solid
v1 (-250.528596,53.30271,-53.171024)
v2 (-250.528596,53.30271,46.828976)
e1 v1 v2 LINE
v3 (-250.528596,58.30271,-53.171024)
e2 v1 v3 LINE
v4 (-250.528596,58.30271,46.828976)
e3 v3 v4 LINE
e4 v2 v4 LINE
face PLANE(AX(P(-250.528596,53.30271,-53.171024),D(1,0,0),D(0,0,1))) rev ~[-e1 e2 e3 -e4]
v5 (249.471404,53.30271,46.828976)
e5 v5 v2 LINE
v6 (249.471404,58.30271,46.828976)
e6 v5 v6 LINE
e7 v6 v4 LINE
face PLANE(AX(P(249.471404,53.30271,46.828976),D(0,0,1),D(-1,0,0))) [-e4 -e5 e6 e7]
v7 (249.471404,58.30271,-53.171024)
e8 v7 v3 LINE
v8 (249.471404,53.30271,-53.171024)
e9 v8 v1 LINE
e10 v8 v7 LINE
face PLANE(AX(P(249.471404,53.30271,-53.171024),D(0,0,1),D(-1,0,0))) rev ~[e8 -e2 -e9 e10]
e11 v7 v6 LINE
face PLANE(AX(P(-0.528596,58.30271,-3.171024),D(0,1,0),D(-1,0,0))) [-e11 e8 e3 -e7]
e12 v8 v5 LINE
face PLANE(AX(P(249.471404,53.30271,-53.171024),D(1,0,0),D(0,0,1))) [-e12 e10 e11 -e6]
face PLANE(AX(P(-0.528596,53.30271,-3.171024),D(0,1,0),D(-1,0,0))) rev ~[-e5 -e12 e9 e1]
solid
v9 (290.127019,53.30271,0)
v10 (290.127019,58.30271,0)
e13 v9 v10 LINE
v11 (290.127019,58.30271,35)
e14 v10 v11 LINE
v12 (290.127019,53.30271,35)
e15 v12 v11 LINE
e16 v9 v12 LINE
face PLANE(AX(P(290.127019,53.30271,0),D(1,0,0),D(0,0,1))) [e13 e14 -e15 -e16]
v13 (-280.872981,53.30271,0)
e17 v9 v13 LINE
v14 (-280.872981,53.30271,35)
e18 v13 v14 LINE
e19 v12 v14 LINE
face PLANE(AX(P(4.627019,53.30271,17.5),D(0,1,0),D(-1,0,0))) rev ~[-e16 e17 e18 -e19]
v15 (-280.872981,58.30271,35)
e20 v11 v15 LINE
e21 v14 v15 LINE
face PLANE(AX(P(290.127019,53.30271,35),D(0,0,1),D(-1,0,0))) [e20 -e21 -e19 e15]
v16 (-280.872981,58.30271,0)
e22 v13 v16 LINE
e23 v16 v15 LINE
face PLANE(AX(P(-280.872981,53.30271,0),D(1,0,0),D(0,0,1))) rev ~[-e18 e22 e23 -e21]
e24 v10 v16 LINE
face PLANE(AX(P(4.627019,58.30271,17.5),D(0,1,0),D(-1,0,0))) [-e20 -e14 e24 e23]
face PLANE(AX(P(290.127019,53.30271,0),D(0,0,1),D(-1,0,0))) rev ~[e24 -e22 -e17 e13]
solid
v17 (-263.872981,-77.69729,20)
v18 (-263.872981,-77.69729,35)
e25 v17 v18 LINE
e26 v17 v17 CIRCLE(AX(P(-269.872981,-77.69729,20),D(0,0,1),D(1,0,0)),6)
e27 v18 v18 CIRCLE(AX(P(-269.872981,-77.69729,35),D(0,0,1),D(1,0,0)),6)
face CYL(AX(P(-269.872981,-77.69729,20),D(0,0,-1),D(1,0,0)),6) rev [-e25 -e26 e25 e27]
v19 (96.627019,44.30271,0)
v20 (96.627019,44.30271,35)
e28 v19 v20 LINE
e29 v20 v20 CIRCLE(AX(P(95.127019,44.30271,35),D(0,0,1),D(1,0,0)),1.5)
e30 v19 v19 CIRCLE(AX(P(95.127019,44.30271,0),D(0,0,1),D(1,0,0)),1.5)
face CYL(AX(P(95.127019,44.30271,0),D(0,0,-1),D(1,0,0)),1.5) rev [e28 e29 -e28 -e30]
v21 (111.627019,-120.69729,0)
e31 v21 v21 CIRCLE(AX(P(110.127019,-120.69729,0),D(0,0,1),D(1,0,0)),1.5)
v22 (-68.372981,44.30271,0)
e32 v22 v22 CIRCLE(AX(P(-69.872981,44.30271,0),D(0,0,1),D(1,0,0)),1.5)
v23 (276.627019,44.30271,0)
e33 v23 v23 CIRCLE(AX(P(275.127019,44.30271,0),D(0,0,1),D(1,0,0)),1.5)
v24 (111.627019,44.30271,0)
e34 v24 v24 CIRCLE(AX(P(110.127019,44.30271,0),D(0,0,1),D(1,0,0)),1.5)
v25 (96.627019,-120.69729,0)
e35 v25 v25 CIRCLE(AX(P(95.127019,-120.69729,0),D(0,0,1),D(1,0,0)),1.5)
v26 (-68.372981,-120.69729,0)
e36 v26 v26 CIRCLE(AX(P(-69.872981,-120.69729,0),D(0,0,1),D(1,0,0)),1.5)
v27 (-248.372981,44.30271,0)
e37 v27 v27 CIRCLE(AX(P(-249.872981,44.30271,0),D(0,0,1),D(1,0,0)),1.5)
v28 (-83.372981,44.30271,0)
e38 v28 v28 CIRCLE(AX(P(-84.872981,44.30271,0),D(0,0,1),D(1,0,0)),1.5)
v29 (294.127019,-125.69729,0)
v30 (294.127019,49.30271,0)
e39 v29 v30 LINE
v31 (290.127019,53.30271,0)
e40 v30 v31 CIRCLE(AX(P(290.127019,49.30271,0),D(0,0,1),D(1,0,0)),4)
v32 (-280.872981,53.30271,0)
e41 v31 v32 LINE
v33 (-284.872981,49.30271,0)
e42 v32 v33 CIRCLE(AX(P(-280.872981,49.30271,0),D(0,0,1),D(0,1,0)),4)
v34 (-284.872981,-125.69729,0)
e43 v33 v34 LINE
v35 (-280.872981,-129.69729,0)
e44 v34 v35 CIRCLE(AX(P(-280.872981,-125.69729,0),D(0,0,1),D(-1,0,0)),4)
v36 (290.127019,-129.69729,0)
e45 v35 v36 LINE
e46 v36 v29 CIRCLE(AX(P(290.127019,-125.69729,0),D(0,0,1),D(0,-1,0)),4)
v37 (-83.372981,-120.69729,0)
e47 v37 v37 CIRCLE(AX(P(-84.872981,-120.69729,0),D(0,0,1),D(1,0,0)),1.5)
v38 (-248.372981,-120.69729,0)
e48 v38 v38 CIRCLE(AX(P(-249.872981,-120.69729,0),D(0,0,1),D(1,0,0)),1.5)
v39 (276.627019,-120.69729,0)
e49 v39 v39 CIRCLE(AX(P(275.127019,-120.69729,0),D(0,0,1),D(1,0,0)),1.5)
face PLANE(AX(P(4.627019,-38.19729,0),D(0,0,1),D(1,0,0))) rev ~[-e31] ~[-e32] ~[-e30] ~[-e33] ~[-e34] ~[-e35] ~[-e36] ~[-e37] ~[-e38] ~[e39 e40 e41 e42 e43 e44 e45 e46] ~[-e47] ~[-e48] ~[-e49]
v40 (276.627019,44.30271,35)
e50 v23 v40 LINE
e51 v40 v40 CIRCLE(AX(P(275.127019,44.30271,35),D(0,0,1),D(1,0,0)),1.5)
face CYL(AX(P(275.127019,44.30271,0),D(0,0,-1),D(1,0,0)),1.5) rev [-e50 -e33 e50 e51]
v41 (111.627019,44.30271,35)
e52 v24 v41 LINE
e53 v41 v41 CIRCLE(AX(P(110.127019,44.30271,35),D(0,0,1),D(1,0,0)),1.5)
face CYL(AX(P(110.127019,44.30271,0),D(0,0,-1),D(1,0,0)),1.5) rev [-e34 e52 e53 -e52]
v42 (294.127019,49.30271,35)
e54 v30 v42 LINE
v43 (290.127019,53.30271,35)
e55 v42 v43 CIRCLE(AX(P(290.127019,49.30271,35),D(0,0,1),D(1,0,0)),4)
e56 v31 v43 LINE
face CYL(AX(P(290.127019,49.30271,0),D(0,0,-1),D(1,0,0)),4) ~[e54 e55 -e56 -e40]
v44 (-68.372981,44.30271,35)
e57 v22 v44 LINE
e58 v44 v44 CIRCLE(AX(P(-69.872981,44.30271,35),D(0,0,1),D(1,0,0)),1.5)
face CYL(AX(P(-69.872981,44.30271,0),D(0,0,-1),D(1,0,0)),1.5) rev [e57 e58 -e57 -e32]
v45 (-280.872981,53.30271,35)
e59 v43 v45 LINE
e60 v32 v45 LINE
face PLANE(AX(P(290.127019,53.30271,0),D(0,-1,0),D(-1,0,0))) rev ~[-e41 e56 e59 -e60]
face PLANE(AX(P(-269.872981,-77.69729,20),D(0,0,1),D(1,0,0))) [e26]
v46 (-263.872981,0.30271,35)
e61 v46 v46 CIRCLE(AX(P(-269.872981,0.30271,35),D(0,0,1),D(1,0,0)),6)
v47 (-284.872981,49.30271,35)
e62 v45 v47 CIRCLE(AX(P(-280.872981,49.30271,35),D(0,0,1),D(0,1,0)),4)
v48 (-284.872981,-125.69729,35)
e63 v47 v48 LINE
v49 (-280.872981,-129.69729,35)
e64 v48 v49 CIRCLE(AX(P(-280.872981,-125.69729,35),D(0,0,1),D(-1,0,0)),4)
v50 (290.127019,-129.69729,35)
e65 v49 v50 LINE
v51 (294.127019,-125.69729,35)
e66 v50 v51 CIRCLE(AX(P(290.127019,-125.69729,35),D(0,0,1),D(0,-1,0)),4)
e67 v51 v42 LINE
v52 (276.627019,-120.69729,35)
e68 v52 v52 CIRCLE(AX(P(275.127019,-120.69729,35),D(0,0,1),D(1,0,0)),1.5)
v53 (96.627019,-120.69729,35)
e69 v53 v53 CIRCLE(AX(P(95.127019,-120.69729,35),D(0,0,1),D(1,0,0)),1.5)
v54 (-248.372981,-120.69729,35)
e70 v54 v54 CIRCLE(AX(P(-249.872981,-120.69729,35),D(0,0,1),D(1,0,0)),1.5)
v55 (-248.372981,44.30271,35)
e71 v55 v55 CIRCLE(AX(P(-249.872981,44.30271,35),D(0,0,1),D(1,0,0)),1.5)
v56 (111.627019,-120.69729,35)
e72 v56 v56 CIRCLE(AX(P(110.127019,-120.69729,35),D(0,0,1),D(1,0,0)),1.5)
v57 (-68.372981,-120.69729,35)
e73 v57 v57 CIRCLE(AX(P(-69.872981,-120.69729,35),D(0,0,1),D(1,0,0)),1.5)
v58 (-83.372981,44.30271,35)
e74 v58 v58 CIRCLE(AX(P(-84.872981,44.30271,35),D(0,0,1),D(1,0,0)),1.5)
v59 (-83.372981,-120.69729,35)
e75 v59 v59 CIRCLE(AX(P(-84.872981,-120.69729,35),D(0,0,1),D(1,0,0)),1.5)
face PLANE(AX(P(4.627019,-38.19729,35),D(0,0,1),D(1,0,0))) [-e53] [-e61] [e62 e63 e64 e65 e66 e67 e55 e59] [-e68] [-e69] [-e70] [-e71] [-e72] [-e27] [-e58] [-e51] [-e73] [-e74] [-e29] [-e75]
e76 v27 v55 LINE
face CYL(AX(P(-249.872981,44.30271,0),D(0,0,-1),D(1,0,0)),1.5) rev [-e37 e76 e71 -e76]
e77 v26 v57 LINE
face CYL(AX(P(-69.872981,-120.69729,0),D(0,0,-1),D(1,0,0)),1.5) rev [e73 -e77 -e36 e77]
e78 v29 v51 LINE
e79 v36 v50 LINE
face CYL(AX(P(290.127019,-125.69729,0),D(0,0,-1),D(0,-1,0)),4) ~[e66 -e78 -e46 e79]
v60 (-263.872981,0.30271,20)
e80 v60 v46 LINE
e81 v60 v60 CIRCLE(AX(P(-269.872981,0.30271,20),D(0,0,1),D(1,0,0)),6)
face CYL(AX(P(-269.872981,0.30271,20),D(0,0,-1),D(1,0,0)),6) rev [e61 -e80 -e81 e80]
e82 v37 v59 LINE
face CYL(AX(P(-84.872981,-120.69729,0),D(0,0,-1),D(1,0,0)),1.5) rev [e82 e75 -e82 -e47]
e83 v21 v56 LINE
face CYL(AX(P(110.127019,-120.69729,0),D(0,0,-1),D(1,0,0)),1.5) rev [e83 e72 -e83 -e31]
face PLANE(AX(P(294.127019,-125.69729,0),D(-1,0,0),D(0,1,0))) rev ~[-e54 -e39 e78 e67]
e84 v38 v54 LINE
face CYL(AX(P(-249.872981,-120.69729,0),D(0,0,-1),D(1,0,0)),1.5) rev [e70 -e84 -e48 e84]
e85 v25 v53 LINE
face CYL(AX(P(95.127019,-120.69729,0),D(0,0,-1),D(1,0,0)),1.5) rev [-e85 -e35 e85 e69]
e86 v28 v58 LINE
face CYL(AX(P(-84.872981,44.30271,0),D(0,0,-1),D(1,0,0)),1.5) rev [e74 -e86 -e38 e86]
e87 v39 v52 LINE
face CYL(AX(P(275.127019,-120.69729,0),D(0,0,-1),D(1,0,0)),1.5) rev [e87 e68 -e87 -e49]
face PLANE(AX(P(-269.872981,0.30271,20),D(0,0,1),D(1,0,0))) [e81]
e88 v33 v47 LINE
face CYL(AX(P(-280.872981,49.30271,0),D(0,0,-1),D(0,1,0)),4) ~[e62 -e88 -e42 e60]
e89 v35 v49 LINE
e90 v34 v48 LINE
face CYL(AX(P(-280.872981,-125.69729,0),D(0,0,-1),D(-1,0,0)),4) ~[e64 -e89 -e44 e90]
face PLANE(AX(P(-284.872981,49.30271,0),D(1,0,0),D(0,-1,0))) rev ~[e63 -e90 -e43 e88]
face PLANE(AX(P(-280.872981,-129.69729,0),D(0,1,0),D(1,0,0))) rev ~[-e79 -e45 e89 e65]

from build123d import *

# Parameters (mm, degrees)
F0_R     = 1.5
F0_R_2   = 6
F1_DEPTH = 35
F2_START = 20
F2_DEPTH = 15
F3_W     = 571
F3_H     = 35
F4_DEPTH = 5
F5_W     = 500
F5_H     = 100
F6_DEPTH = 5


with BuildPart() as f1:
    # F0 (on Top) → F1 (new body)
    with BuildSketch(Plane.XY):
        with BuildLine():
            Line((290.1270191669, 53.3027102947), (-280.8729808331, 53.3027102947))
            ThreePointArc((-280.8729808331, 53.3027102947), (-283.7014079578, 52.1311374195), (-284.8729808331, 49.3027102947))
            Line((-284.8729808331, 49.3027102947), (-284.8729808331, -125.6972897053))
            ThreePointArc((-284.8729808331, -125.6972897053), (-283.7014079578, -128.52571683), (-280.8729808331, -129.6972897053))
            Line((-280.8729808331, -129.6972897053), (290.1270191669, -129.6972897053))
            ThreePointArc((290.1270191669, -129.6972897053), (292.9554462917, -128.52571683), (294.1270191669, -125.6972897053))
            Line((294.1270191669, -125.6972897053), (294.1270191669, 49.3027102947))
            ThreePointArc((294.1270191669, 49.3027102947), (292.9554462917, 52.1311374195), (290.1270191669, 53.3027102947))
        make_face()
        with Locations((-249.8729808331, -120.6972897053)):
            Circle(F0_R, mode=Mode.SUBTRACT)
        with Locations((-84.8729808331, -120.6972897053)):
            Circle(F0_R, mode=Mode.SUBTRACT)
        with Locations((-69.8729808331, -120.6972897053)):
            Circle(F0_R, mode=Mode.SUBTRACT)
        with Locations((-269.8729808331, -77.6972897053)):
            Circle(F0_R_2, mode=Mode.SUBTRACT)
        with Locations((95.1270191669, -120.6972897053)):
            Circle(F0_R, mode=Mode.SUBTRACT)
        with Locations((110.1270191669, -120.6972897053)):
            Circle(F0_R, mode=Mode.SUBTRACT)
        with Locations((275.1270191669, -120.6972897053)):
            Circle(F0_R, mode=Mode.SUBTRACT)
        with Locations((-269.8729808331, 0.3027102947)):
            Circle(F0_R_2, mode=Mode.SUBTRACT)
        with Locations((-249.8729808331, 44.3027102947)):
            Circle(F0_R, mode=Mode.SUBTRACT)
        with Locations((-84.8729808331, 44.3027102947)):
            Circle(F0_R, mode=Mode.SUBTRACT)
        with Locations((-69.8729808331, 44.3027102947)):
            Circle(F0_R, mode=Mode.SUBTRACT)
        with Locations((95.1270191669, 44.3027102947)):
            Circle(F0_R, mode=Mode.SUBTRACT)
        with Locations((110.1270191669, 44.3027102947)):
            Circle(F0_R, mode=Mode.SUBTRACT)
        with Locations((275.1270191669, 44.3027102947)):
            Circle(F0_R, mode=Mode.SUBTRACT)
        with Locations((-269.8729808331, 0.3027102947)):
            Circle(F0_R_2)
        with Locations((-269.8729808331, -77.6972897053)):
            Circle(F0_R_2)
    extrude(amount=F1_DEPTH)

    # F0 (on Top) → F2 (cut)
    with BuildSketch(Plane.XY.offset(F2_START)):
        with Locations((-269.8729808331, -77.6972897053)):
            Circle(F0_R_2)
        with Locations((-269.8729808331, 0.3027102947)):
            Circle(F0_R_2)
    extrude(amount=F2_DEPTH, mode=Mode.SUBTRACT)


with BuildPart() as f4:
    # F3 (on face) → F4 (new body)
    with BuildSketch(Plane(origin=(0, 53.3027102947, 0), x_dir=(-1, 0, 0), z_dir=(0, 1, 0))):
        with Locations((-4.6270191669, 17.5)):
            Rectangle(F3_W, F3_H)
    extrude(amount=F4_DEPTH)


with BuildPart() as f6:
    # F5 (on face) → F6 (new body)
    with BuildSketch(Plane(origin=(0, 53.3027102947, 0), x_dir=(-1, 0, 0), z_dir=(0, 1, 0))):
        with Locations((0.5285963416, -3.1710242811)):
            Rectangle(F5_W, F5_H)
    extrude(amount=F6_DEPTH)


solid = Compound([f1.part, f4.part, f6.part])
